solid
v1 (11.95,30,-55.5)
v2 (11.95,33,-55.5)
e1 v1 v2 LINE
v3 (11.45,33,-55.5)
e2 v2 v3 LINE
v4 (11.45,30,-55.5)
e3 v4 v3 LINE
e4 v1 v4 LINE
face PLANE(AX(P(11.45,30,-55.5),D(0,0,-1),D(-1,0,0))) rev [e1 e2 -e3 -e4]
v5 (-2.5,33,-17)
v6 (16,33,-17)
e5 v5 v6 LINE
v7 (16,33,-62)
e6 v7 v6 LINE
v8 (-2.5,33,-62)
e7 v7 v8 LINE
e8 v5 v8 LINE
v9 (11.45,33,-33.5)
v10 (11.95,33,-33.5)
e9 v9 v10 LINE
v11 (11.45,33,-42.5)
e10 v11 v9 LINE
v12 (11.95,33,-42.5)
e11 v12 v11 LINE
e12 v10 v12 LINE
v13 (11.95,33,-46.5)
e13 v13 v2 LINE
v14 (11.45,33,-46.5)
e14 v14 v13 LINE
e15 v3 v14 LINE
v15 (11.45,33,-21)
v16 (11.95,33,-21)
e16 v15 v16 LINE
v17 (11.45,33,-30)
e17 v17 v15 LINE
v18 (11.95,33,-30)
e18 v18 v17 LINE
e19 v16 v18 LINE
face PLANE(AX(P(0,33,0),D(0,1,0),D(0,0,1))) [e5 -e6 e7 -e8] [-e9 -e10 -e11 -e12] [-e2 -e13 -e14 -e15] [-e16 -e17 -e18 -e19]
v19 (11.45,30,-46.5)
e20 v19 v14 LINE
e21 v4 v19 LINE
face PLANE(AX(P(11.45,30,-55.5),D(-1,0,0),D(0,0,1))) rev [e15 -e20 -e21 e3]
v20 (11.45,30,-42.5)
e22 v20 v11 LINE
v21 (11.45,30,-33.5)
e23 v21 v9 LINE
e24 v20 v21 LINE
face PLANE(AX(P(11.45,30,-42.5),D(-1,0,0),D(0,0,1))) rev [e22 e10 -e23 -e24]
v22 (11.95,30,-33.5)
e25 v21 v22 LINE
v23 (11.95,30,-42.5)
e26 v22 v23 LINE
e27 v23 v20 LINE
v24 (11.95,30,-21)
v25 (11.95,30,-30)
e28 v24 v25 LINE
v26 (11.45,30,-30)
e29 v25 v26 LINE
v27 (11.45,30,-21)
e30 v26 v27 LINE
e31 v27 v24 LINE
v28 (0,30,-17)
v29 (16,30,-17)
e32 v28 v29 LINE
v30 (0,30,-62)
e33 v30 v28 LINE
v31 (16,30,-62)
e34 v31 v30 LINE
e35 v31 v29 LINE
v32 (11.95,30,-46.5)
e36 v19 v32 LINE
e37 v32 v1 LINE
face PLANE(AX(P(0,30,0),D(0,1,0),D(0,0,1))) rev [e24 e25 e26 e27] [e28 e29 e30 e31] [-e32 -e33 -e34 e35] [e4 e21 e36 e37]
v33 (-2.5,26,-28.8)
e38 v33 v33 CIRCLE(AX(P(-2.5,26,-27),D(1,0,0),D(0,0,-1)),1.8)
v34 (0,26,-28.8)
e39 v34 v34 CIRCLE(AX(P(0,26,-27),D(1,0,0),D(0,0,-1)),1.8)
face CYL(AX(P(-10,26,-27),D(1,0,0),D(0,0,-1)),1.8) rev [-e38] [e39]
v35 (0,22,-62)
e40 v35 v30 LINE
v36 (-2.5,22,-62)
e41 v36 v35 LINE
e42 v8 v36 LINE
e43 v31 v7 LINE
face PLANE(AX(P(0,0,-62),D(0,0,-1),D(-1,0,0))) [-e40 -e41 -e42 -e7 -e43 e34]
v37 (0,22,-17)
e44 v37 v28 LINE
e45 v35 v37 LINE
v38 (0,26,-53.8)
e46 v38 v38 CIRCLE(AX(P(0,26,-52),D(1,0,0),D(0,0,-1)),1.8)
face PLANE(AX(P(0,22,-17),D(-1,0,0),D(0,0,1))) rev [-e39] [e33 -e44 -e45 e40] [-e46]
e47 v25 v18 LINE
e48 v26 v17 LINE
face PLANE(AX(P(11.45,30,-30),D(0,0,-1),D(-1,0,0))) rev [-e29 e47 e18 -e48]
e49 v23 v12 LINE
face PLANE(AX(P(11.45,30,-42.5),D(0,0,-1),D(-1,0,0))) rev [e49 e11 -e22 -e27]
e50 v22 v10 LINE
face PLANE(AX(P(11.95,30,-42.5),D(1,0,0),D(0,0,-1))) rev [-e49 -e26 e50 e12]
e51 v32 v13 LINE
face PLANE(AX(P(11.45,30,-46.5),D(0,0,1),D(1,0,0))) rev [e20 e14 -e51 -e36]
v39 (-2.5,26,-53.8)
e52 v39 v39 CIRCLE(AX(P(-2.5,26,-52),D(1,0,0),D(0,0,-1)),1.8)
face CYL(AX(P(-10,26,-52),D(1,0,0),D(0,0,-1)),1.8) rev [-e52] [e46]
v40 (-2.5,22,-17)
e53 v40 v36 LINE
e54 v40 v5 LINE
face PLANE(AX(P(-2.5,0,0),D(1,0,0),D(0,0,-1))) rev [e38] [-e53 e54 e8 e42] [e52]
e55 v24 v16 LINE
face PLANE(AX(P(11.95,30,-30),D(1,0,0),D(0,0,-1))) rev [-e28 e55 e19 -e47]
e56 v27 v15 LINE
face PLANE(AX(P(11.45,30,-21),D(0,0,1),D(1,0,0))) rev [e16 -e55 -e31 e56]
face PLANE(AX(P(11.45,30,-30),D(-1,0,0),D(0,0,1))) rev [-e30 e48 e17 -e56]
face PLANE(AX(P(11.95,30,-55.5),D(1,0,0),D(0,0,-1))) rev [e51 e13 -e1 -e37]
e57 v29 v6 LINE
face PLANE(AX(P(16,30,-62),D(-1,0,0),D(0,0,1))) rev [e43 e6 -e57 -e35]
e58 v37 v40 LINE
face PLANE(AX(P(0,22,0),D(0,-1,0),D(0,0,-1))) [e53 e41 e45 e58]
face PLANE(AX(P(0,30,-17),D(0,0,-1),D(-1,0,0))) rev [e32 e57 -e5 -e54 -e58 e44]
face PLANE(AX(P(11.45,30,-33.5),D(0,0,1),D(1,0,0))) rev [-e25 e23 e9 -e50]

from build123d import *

# Parameters (mm, degrees)
SKETCH1_W               = 70.4
SKETCH1_H               = 2
BOSS_EXTRUDE2_DEPTH     = 10
SKETCH2_W               = 2
SKETCH2_H               = 55
BOSS_EXTRUDE3_DEPTH     = 10
SKETCH3_W               = 19
SKETCH3_H               = 3
BOSS_EXTRUDE4_DEPTH     = 2
SKETCH4_W               = 15
SKETCH4_H               = 10
CUT_EXTRUDE2_DEPTH      = 2
SKETCH5_W               = 2
SKETCH5_H               = 3
BOSS_EXTRUDE5_DEPTH     = 1
SKETCH6_W               = 2
SKETCH6_H               = 3
BOSS_EXTRUDE6_DEPTH     = 1
SKETCH7_W               = 57
SKETCH7_H               = 2
BOSS_EXTRUDE7_DEPTH     = 6.6
SKETCH8_W               = 57
SKETCH8_H               = 2
BOSS_EXTRUDE8_DEPTH     = 6.6
BOSS_EXTRUDE9_DEPTH     = 5
SKETCH12_W              = 2
SKETCH12_H              = 5
SKETCH12_H_2            = 40
SKETCH12_H_3            = 30
BOSS_EXTRUDE10_DEPTH    = 20
BOSS_EXTRUDE11_DEPTH    = 3
SKETCH14_W              = 0.5
SKETCH14_H              = 9
CUT_EXTRUDE3_DEPTH      = 3
SKETCH15_W              = 38.4
SKETCH15_H              = 45
CUT_EXTRUDE4_DEPTH      = 3
BOSS_EXTRUDE12_DEPTH    = 0.5
SKETCH17_R              = 1.8
SKETCH17_W              = 3
SKETCH17_H              = 5
CUT_EXTRUDE6_DEPTH      = 3
CUT_EXTRUDE8_DEPTH      = 32
CUT_EXTRUDE8_DEPTH_BACK = 49
SKETCH19_W              = 94.558020587
SKETCH19_H              = 51.225034616
CUT_EXTRUDE9_DEPTH      = 93
CUT_EXTRUDE9_DEPTH_BACK = 18
SKETCH20_W              = 91.945359737
SKETCH20_H              = 40.424662202
SKETCH21_W              = 45
SKETCH21_H              = 3
BOSS_EXTRUDE14_DEPTH    = 2.5
SKETCH22_W              = 2.5
SKETCH22_H              = 45
BOSS_EXTRUDE15_DEPTH    = 8
SKETCH23_R              = 1.8
CUT_EXTRUDE10_DEPTH     = 10


with BuildPart() as part:
    # Sketch1 → Boss-Extrude2 (new body)
    with BuildSketch(Plane(origin=(0, 0, 0), x_dir=(1, 0, 0), z_dir=(0, 1, 0))):
        with Locations((35.2, 1)):
            Rectangle(SKETCH1_W, SKETCH1_H)
    extrude(amount=BOSS_EXTRUDE2_DEPTH)

    # Sketch2 → Boss-Extrude3 (add)
    with BuildSketch(Plane(origin=(0, 10, 0), x_dir=(1, 0, 0), z_dir=(0, 1, 0))):
        with Locations((1, 29.5)):
            Rectangle(SKETCH2_W, SKETCH2_H)
        with Locations((69.4, 29.5)):
            Rectangle(SKETCH2_W, SKETCH2_H)
    extrude(amount=-BOSS_EXTRUDE3_DEPTH)

    # Sketch3 → Boss-Extrude4 (add)
    with BuildSketch(Plane.XY):
        with Locations((35.2, 11.5)):
            Rectangle(SKETCH3_W, SKETCH3_H)
    extrude(amount=-BOSS_EXTRUDE4_DEPTH)

    # Sketch4 → Cut-Extrude2 (cut)
    with BuildSketch(Plane.XY):
        with Locations((35.2, 5)):
            Rectangle(SKETCH4_W, SKETCH4_H)
    extrude(amount=-CUT_EXTRUDE2_DEPTH, mode=Mode.SUBTRACT)

    # Sketch5 → Boss-Extrude5 (add)
    with BuildSketch(Plane.ZY.offset(-25.7)):
        with Locations((-1, 11.5)):
            Rectangle(SKETCH5_W, SKETCH5_H)
    extrude(amount=BOSS_EXTRUDE5_DEPTH)

    # Sketch6 → Boss-Extrude6 (add)
    with BuildSketch(Plane(origin=(44.7, 0, 0), x_dir=(0, 0, -1), z_dir=(1, 0, 0))):
        with Locations((1, 11.5)):
            Rectangle(SKETCH6_W, SKETCH6_H)
    extrude(amount=BOSS_EXTRUDE6_DEPTH)

    # Sketch7 → Boss-Extrude7 (add)
    with BuildSketch(Plane.ZY):
        with Locations((-28.5, 1)):
            Rectangle(SKETCH7_W, SKETCH7_H)
    extrude(amount=BOSS_EXTRUDE7_DEPTH)

    # Sketch8 → Boss-Extrude8 (add)
    with BuildSketch(Plane(origin=(70.4, 0, 0), x_dir=(0, 0, -1), z_dir=(1, 0, 0))):
        with Locations((28.5, 1)):
            Rectangle(SKETCH8_W, SKETCH8_H)
    extrude(amount=BOSS_EXTRUDE8_DEPTH)

    # Sketch10 → Boss-Extrude9 (add)
    with BuildSketch(Plane(origin=(0, 0, -57), x_dir=(-1, 0, 0), z_dir=(0, 0, -1))):
        Polygon((-2, 10), (-2, 0), (6.6, 0), (6.6, 2), (0, 2), (0, 10), align=None)
        Polygon((-77, 0), (-68.4, 0), (-68.4, 10), (-70.4, 10), (-70.4, 2), (-77, 2), align=None)
    extrude(amount=BOSS_EXTRUDE9_DEPTH)

    # Sketch12 → Boss-Extrude10 (add)
    with BuildSketch(Plane(origin=(0, 10, 0), x_dir=(1, 0, 0), z_dir=(0, 1, 0))):
        with Locations((1, 59.5)):
            Rectangle(SKETCH12_W, SKETCH12_H)
        with Locations((1, 37)):
            Rectangle(SKETCH12_W, SKETCH12_H_2)
        with Locations((69.4, 42)):
            Rectangle(SKETCH12_W, SKETCH12_H_3)
        with Locations((69.4, 59.5)):
            Rectangle(SKETCH12_W, SKETCH12_H)
    extrude(amount=BOSS_EXTRUDE10_DEPTH)

    # Sketch13 → Boss-Extrude11 (add)
    with BuildSketch(Plane(origin=(0, 30, 0), x_dir=(1, 0, 0), z_dir=(0, 1, 0))):
        Polygon((0, 17), (35.2, 17), (35.2, 27), (70.4, 27), (70.4, 62), (0, 62), align=None)
    extrude(amount=BOSS_EXTRUDE11_DEPTH)

    # Sketch14 → Cut-Extrude3 (cut)
    with BuildSketch(Plane(origin=(0, 33, 0), x_dir=(1, 0, 0), z_dir=(0, 1, 0))):
        with Locations((11.7, 51)):
            Rectangle(SKETCH14_W, SKETCH14_H)
        with Locations((11.7, 38)):
            Rectangle(SKETCH14_W, SKETCH14_H)
        with Locations((11.7, 25.5)):
            Rectangle(SKETCH14_W, SKETCH14_H)
        with Locations((58.2, 51)):
            Rectangle(SKETCH14_W, SKETCH14_H)
        with Locations((58.2, 38)):
            Rectangle(SKETCH14_W, SKETCH14_H)
    extrude(amount=-CUT_EXTRUDE3_DEPTH, mode=Mode.SUBTRACT)

    # Sketch15 → Cut-Extrude4 (cut)
    with BuildSketch(Plane(origin=(0, 33, 0), x_dir=(1, 0, 0), z_dir=(0, 1, 0))):
        with Locations((35.2, 39.5)):
            Rectangle(SKETCH15_W, SKETCH15_H)
    extrude(amount=-CUT_EXTRUDE4_DEPTH, mode=Mode.SUBTRACT)

    # Sketch16 → Boss-Extrude12 (add)
    with BuildSketch(Plane.XY):
        Polygon((-6.6, 0), (27.7, 0), (27.7, 10), (42.7, 10), (42.7, 0), (77, 0), (77, 2), (70.4, 2), (70.4, 10), (45.7, 10), (45.7, 13), (24.7, 13), (24.7, 10), (0, 10), (0, 2), (-6.6, 2), align=None)
    extrude(amount=BOSS_EXTRUDE12_DEPTH)

    # Sketch17 → Cut-Extrude6 (cut)
    with BuildSketch(Plane(origin=(0, 2, 0), x_dir=(1, 0, 0), z_dir=(0, 1, 0))):
        with Locations(Location((-3.3, 55, 0), (0, 0, 270))):
            Circle(SKETCH17_R)
        with Locations(Location((73.7, 55, 0), (0, 0, 270))):
            Circle(SKETCH17_R)
        with Locations(Location((-3.3, 6.5, 0), (0, 0, 270))):
            Circle(SKETCH17_R)
        with Locations(Location((73.7, 6.5, 0), (0, 0, 270))):
            Circle(SKETCH17_R)
        with Locations(Location((-3.3, 30.75, 0), (0, 0, 270))):
            Circle(SKETCH17_R)
        with Locations(Location((73.7, 30.75, 0), (0, 0, 270))):
            Circle(SKETCH17_R)
        with Locations((-3.3, 14.5)):
            Rectangle(SKETCH17_W, SKETCH17_H)
        with Locations((73.7, 14.5)):
            Rectangle(SKETCH17_W, SKETCH17_H)
    extrude(amount=-CUT_EXTRUDE6_DEPTH, mode=Mode.SUBTRACT)

    # Sketch19 → Cut-Extrude8 (cut, two sides: drawn at the far end of the back side and taken through both)
    with BuildSketch(Plane(origin=(70.4, 0, 0), x_dir=(0, 0, -1), z_dir=(1, 0, 0)).offset(-CUT_EXTRUDE8_DEPTH_BACK)):
        with Locations((14.720989707, 7.387482692)):
            Rectangle(SKETCH19_W, SKETCH19_H)
    extrude(amount=CUT_EXTRUDE8_DEPTH + CUT_EXTRUDE8_DEPTH_BACK, mode=Mode.SUBTRACT)

    # Sketch20 → Cut-Extrude9 (cut, two sides: drawn at the far end of the back side and taken through both)
    with BuildSketch(Plane(origin=(2, 0, 0), x_dir=(0, 0, -1), z_dir=(1, 0, 0)).offset(-CUT_EXTRUDE9_DEPTH_BACK)):
        with Locations((16.027320132, 9.787668899)):
            Rectangle(SKETCH20_W, SKETCH20_H)
    extrude(amount=CUT_EXTRUDE9_DEPTH + CUT_EXTRUDE9_DEPTH_BACK, mode=Mode.SUBTRACT)

    # Sketch21 → Boss-Extrude14 (add)
    with BuildSketch(Plane.ZY):
        with Locations((-39.5, 31.5)):
            Rectangle(SKETCH21_W, SKETCH21_H)
    extrude(amount=BOSS_EXTRUDE14_DEPTH)

    # Sketch22 → Boss-Extrude15 (add)
    with BuildSketch(Plane.XZ.offset(-30)):
        with Locations((-1.25, -39.5)):
            Rectangle(SKETCH22_W, SKETCH22_H)
    extrude(amount=BOSS_EXTRUDE15_DEPTH)

    # Sketch23 → Cut-Extrude10 (cut)
    with BuildSketch(Plane(origin=(0, 0, 0), x_dir=(0, 0, -1), z_dir=(1, 0, 0))):
        with Locations((27, 26)):
            Circle(SKETCH23_R)
        with Locations((52, 26)):
            Circle(SKETCH23_R)
    extrude(amount=-CUT_EXTRUDE10_DEPTH, mode=Mode.SUBTRACT)


solid = part.part
